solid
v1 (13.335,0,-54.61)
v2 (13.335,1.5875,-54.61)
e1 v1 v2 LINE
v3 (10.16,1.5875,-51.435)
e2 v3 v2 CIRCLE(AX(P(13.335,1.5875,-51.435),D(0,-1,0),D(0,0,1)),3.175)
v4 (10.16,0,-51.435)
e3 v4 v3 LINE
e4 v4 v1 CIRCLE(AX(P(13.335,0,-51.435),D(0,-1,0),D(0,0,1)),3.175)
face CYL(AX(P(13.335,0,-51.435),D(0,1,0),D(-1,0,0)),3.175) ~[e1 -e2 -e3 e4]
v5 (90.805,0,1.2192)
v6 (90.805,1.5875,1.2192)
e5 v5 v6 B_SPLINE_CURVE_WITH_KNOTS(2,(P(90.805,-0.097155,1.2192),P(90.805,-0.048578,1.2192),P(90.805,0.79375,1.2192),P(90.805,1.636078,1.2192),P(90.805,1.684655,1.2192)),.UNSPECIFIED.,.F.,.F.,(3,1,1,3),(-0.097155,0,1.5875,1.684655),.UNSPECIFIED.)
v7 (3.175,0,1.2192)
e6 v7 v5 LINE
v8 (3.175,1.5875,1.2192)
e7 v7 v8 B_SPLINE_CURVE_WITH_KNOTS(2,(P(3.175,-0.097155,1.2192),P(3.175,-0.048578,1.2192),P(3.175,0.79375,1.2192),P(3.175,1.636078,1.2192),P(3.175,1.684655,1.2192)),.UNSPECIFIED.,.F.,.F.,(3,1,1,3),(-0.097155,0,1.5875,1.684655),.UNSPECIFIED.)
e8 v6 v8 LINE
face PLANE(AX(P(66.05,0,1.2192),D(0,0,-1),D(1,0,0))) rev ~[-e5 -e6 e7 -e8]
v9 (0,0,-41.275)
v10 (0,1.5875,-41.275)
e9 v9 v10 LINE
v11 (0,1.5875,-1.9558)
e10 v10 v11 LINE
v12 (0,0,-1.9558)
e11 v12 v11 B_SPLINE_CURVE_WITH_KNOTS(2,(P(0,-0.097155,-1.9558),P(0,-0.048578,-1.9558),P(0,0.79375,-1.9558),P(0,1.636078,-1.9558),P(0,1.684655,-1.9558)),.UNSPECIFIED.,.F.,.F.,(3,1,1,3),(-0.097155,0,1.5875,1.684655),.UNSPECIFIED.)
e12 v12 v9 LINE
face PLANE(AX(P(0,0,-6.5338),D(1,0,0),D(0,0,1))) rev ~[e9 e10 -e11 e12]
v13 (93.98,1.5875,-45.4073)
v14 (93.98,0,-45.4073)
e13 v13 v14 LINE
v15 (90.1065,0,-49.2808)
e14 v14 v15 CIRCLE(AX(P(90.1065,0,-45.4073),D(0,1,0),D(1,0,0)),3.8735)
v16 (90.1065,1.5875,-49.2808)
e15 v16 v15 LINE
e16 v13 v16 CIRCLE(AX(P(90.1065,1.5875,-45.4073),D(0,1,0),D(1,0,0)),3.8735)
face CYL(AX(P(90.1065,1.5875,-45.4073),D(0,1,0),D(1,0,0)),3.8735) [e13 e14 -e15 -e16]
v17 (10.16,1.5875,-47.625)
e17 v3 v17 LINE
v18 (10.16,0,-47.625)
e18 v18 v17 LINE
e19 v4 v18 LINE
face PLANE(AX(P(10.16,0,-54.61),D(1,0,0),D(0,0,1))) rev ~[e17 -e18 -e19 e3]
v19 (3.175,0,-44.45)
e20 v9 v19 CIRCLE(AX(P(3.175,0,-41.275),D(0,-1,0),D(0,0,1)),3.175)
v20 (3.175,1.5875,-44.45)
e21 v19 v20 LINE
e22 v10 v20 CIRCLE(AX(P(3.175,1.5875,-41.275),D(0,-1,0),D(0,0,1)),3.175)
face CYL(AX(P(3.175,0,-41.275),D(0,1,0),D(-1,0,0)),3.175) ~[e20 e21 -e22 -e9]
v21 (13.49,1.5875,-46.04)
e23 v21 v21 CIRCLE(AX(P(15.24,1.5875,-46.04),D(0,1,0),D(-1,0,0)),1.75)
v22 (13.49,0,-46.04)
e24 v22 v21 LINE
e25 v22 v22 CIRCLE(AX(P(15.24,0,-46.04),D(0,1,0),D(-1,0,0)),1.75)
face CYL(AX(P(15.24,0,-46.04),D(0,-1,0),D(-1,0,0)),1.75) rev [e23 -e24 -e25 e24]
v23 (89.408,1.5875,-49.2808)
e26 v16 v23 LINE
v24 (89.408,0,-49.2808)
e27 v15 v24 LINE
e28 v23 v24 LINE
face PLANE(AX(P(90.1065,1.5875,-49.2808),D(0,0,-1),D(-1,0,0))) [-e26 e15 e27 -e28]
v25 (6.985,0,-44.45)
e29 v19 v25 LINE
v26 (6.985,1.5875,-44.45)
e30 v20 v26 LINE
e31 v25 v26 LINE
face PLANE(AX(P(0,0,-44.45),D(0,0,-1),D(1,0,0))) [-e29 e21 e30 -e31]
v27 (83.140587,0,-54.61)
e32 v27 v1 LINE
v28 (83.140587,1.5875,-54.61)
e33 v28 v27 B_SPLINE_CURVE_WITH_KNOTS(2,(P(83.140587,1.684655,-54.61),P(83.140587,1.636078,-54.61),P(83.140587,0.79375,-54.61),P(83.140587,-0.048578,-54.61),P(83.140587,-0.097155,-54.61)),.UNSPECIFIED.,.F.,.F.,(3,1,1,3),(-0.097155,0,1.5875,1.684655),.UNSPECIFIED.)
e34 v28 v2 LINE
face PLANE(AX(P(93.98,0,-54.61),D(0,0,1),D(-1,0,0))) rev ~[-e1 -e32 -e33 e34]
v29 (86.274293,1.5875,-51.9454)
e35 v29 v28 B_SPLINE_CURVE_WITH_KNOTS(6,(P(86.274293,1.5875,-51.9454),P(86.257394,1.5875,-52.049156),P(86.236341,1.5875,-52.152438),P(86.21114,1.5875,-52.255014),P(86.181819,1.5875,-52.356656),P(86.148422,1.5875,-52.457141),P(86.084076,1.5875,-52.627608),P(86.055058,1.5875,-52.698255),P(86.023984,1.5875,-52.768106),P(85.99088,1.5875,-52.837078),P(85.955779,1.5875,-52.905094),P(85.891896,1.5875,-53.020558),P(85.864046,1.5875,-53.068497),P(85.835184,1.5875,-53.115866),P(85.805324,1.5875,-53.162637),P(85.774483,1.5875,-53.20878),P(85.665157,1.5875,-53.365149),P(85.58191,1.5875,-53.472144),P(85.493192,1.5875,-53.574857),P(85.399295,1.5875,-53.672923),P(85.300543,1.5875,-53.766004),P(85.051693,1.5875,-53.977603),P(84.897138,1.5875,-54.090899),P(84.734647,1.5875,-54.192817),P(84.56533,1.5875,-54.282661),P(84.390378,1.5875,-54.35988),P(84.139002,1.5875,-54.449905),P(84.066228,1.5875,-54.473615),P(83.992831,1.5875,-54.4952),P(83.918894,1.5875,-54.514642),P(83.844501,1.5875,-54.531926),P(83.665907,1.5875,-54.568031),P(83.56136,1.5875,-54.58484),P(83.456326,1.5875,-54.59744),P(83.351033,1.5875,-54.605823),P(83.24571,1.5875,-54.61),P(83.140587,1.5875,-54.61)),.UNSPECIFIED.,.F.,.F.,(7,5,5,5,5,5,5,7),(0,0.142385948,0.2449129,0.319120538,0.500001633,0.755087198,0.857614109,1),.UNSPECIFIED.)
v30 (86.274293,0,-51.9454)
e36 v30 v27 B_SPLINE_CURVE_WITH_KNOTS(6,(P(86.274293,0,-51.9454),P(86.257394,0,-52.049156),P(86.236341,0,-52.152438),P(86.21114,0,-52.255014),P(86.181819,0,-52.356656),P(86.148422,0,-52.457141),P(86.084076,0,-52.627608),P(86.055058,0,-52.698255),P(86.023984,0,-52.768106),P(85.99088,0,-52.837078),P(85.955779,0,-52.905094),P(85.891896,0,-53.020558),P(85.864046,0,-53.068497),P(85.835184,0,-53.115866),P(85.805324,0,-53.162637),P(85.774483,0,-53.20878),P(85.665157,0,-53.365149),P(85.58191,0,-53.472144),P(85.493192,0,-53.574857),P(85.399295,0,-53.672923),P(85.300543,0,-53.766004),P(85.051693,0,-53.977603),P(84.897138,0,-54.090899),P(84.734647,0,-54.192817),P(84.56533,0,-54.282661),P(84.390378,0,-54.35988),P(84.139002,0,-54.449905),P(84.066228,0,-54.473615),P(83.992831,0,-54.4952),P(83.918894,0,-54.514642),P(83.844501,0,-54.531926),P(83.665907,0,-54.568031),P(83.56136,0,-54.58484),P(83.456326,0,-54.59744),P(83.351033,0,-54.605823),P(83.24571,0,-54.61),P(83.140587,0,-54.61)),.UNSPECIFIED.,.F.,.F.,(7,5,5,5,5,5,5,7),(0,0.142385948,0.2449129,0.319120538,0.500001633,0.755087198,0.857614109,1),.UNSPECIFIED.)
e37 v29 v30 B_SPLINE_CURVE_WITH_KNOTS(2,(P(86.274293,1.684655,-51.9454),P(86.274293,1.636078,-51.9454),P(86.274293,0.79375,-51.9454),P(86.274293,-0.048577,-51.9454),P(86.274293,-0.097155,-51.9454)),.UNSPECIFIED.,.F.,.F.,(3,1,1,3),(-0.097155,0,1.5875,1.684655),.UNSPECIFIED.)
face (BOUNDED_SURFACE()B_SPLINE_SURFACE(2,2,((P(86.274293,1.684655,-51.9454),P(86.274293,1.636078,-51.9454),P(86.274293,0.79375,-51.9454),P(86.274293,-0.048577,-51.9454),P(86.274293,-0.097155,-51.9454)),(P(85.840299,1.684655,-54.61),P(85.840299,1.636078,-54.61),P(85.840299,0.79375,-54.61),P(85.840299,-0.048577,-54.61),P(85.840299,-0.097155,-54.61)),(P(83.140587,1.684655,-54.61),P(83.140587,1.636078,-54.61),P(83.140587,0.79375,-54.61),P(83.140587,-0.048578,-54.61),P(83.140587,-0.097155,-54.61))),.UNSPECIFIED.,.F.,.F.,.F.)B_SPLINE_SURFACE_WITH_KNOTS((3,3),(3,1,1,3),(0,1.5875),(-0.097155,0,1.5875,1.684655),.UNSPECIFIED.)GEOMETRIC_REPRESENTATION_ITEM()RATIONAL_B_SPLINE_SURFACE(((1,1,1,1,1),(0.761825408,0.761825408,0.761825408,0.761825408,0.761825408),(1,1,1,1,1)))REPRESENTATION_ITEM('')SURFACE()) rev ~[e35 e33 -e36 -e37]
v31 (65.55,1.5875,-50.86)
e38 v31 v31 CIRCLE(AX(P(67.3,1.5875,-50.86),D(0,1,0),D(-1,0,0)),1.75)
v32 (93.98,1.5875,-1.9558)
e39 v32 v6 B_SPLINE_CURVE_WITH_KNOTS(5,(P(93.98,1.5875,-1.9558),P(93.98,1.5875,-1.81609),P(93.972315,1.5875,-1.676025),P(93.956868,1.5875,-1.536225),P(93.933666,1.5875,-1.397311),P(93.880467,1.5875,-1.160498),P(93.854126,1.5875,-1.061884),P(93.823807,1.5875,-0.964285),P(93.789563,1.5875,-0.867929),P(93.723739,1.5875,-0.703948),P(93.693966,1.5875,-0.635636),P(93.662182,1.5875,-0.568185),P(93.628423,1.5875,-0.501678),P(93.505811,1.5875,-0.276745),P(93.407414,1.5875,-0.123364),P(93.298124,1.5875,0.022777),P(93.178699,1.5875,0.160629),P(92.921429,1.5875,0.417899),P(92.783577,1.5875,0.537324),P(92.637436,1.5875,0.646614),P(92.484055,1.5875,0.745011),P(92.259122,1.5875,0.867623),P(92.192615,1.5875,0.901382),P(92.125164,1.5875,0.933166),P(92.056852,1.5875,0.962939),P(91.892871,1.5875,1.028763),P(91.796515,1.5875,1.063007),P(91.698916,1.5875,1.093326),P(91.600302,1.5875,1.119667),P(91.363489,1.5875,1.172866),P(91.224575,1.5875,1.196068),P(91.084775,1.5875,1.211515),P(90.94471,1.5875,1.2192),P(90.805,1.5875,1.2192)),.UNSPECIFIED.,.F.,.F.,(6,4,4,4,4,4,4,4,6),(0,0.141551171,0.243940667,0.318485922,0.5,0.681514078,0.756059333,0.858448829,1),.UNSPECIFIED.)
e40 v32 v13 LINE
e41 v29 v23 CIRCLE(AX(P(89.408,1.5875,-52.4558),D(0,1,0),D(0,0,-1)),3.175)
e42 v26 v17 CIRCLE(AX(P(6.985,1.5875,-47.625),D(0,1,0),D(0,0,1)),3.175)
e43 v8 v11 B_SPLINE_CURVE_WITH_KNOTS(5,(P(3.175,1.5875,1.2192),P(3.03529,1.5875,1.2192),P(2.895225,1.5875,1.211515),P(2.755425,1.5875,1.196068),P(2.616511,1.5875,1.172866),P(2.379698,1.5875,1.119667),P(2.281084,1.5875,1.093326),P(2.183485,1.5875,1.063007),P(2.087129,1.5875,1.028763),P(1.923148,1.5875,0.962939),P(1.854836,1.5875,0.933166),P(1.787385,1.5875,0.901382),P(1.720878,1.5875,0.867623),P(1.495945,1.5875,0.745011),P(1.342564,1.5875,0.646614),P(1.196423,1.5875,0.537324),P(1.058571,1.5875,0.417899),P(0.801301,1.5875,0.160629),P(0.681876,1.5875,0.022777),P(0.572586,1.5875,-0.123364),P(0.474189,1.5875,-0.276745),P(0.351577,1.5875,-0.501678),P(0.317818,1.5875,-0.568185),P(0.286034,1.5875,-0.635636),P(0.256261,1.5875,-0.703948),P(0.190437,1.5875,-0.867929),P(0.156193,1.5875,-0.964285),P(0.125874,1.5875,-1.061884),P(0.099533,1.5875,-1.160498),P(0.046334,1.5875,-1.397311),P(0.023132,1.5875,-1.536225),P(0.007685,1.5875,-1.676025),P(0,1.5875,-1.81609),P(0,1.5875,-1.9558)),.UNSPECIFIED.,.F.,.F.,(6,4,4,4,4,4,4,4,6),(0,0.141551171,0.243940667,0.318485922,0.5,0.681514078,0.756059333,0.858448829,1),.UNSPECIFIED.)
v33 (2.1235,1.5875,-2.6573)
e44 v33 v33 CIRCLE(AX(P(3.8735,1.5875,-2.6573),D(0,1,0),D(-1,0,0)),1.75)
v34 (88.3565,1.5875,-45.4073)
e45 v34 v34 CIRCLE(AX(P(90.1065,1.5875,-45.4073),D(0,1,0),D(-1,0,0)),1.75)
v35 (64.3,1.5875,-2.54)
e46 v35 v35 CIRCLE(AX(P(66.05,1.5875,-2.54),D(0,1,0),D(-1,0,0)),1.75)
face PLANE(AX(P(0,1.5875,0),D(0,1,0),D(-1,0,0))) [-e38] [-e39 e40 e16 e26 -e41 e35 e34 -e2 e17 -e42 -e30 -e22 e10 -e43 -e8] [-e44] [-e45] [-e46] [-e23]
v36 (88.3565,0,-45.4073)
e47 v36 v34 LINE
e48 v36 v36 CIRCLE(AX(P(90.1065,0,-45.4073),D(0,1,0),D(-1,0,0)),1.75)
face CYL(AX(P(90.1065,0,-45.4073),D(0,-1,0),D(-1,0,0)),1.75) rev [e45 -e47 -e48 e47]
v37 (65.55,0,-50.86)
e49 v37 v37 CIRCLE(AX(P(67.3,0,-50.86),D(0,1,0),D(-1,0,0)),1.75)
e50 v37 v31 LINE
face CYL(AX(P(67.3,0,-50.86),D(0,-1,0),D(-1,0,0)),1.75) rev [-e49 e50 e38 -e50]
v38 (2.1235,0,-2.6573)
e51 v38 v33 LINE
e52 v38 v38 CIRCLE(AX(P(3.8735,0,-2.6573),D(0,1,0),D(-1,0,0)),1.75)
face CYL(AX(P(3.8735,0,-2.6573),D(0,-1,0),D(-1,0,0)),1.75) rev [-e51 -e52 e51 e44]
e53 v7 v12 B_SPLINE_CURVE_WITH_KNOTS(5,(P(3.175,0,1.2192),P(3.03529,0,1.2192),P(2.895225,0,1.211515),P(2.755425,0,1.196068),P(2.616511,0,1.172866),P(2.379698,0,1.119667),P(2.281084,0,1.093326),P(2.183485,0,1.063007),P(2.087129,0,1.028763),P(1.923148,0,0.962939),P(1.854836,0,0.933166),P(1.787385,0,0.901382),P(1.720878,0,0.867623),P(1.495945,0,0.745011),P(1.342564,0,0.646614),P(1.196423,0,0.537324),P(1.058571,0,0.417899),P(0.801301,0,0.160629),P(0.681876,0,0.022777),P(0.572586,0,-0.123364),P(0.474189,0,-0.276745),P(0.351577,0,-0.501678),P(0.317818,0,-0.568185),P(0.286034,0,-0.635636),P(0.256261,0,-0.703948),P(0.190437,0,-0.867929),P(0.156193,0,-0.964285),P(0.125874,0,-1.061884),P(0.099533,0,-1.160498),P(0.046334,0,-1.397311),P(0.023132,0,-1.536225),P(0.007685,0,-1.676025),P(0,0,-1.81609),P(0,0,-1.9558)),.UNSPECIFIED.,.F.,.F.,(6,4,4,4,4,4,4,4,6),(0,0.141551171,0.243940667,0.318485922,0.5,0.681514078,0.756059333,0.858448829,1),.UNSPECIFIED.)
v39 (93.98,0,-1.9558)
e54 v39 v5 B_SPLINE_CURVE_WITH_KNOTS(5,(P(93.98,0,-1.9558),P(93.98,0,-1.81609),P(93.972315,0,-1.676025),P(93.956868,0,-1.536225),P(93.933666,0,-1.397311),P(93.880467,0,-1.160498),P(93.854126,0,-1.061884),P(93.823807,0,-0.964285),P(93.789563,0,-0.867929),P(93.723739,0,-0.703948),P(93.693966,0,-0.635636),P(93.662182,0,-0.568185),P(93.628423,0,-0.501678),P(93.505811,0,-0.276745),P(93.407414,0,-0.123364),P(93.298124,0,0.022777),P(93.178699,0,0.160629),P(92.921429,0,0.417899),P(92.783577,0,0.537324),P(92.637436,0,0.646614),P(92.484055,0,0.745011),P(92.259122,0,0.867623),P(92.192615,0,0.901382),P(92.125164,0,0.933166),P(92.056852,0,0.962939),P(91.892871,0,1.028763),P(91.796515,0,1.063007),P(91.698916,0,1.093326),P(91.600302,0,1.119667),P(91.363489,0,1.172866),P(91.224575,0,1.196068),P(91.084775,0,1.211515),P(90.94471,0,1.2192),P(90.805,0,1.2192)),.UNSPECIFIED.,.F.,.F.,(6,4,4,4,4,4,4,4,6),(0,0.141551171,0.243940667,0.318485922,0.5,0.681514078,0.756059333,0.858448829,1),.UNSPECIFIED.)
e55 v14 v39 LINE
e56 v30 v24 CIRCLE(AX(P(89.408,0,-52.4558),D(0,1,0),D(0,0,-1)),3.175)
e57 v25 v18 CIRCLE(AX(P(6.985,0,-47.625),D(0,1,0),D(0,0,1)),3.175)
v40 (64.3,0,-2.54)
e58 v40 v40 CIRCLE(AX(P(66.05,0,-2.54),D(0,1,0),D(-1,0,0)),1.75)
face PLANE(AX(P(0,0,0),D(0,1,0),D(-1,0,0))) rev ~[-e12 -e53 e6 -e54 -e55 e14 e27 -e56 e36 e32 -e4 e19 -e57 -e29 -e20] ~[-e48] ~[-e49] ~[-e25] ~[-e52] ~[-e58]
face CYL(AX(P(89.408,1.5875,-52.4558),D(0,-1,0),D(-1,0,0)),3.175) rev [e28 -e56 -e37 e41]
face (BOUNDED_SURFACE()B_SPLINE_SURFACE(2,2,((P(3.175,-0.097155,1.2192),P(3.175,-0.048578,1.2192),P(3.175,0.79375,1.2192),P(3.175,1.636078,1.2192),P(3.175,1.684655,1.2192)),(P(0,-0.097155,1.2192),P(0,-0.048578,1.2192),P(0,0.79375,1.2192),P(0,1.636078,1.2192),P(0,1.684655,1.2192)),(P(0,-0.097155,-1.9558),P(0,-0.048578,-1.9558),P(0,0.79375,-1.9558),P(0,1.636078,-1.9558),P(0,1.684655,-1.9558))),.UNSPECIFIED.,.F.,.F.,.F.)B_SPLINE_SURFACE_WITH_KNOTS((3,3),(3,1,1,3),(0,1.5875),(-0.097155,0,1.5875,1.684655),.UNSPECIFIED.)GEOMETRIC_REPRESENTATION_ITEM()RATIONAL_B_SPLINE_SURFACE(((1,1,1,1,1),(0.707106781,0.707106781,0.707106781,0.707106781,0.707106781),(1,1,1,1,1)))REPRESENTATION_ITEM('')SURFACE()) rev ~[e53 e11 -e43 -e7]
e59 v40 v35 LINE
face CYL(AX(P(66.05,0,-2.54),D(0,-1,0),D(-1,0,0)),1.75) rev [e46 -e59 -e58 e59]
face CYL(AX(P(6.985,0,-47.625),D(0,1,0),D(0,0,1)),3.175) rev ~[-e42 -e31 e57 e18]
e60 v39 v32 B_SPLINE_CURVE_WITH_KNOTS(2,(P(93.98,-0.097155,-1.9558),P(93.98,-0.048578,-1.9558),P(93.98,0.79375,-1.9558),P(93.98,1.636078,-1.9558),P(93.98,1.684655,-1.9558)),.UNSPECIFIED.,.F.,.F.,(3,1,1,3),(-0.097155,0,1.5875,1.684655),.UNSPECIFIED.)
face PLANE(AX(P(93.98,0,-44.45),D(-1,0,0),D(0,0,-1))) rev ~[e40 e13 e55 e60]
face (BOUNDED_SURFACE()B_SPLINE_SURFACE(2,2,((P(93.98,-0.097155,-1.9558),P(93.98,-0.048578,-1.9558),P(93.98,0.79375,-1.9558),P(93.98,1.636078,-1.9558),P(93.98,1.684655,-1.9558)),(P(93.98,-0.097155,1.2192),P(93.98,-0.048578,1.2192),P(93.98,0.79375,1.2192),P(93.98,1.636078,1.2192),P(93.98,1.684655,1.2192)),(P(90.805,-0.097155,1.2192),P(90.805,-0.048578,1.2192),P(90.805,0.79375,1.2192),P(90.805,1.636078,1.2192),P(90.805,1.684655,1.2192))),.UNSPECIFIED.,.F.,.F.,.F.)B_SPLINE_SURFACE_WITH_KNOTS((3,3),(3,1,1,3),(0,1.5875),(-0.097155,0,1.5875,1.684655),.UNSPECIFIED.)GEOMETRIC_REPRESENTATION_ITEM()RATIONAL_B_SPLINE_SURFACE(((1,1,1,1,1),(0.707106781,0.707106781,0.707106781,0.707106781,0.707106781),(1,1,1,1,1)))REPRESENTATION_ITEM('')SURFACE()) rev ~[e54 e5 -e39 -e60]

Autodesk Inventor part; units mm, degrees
ref_plane "YZ Plane" through (0, 0, 0) normal (1, 0, 0) x (0, 1, 0)
ref_plane "XZ Plane" through (0, 0, 0) normal (0, 1, 0) x (-1, 0, 0)
ref_plane "XY Plane" through (0, 0, 0) normal (0, 0, 1) x (1, 0, 0)
sketch "Sketch1" plane through (0, 0, 0) normal (0, 1, 0) x (-1, 0, 0)
  line L0 (-93.98, 0) -> (-93.98, -44.45)
  line L1 (0, -44.45) -> (0, 0)
  circle A0 centre (-15.24, -46.04) radius 1.75
  circle A1 centre (-67.3, -50.86) radius 1.75
  circle A2 centre (-66.05, -2.54) radius 1.75
  line L2 (0, -44.45) -> (-10.16, -44.45)
  line L3 (-93.98, -44.45) -> (-93.98, -54.61)
  line L4 (-93.98, -54.61) -> (-10.16, -54.61)
  line L5 (-10.16, -54.61) -> (-10.16, -44.45)
  line L6 (-66.05, 1.2192) -> (-93.98, 1.2192)
  line L7 (-93.98, 1.2192) -> (-93.98, 0)
  line L8 (-66.05, 1.2192) -> (0, 1.2192)
  line L9 (0, 1.2192) -> (0, 0)
  line L10 (0, 1.2192) -> (0, -6.5338)
  circle A3 centre (-3.8735, -2.6573) radius 1.75
  line L11 (-93.98, -49.2808) -> (-93.98, -41.5338)
  circle A4 centre (-90.1065, -45.4073) radius 1.75
extrude "Extrusion1" add sketch "Sketch1" along normal blind 1.5875
fillet "Fillet1" radius 3.175 6 edges at (0, 0.7937, 1.2192) (0, 0.7937, -44.45) (10.16, 0.7937, -44.45) (10.16, 0.7937, -54.61) (93.98, 0.7937, 1.2192) (93.98, 0.7937, -54.61)
sketch "Sketch2" plane through (0, 1.5875, 0) normal (0, 1, 0) x (1, 0, 0)
  circle A0 centre (90.1065, 45.4073) radius 1.75 projected
  arc A1 (93.98, 45.4073) -> (90.1065, 49.2808) centre (90.1065, 45.4073) ccw
  line L0 (93.98, 1.9558) -> (93.98, 51.435) projected
  line L1 (86.233, 49.2808) -> (86.233, 54.61)
  line L2 (90.805, 54.61) -> (13.335, 54.61) projected
  line L3 (90.1065, 49.2808) -> (86.233, 49.2808)
  arc A2 (93.98, 51.435) -> (90.805, 54.61) centre (90.805, 51.435) ccw projected
  arc A3 (93.98, 51.435) -> (90.805, 54.61) centre (90.805, 51.435) ccw
  line L4 (93.98, 45.4073) -> (93.98, 51.435)
  line L5 (90.805, 54.61) -> (86.233, 54.61)
  point P0 (0, 0)
extrude "Extrusion2" cut sketch "Sketch2" against normal blind 25.4 contours A1 L3 L1 L2 A2 L0
fillet "Fillet2" radius 3.175 2 edges at (86.233, 0.7937, -49.2808) (86.233, 0.7937, -54.61)
properties part number "escPlate"
